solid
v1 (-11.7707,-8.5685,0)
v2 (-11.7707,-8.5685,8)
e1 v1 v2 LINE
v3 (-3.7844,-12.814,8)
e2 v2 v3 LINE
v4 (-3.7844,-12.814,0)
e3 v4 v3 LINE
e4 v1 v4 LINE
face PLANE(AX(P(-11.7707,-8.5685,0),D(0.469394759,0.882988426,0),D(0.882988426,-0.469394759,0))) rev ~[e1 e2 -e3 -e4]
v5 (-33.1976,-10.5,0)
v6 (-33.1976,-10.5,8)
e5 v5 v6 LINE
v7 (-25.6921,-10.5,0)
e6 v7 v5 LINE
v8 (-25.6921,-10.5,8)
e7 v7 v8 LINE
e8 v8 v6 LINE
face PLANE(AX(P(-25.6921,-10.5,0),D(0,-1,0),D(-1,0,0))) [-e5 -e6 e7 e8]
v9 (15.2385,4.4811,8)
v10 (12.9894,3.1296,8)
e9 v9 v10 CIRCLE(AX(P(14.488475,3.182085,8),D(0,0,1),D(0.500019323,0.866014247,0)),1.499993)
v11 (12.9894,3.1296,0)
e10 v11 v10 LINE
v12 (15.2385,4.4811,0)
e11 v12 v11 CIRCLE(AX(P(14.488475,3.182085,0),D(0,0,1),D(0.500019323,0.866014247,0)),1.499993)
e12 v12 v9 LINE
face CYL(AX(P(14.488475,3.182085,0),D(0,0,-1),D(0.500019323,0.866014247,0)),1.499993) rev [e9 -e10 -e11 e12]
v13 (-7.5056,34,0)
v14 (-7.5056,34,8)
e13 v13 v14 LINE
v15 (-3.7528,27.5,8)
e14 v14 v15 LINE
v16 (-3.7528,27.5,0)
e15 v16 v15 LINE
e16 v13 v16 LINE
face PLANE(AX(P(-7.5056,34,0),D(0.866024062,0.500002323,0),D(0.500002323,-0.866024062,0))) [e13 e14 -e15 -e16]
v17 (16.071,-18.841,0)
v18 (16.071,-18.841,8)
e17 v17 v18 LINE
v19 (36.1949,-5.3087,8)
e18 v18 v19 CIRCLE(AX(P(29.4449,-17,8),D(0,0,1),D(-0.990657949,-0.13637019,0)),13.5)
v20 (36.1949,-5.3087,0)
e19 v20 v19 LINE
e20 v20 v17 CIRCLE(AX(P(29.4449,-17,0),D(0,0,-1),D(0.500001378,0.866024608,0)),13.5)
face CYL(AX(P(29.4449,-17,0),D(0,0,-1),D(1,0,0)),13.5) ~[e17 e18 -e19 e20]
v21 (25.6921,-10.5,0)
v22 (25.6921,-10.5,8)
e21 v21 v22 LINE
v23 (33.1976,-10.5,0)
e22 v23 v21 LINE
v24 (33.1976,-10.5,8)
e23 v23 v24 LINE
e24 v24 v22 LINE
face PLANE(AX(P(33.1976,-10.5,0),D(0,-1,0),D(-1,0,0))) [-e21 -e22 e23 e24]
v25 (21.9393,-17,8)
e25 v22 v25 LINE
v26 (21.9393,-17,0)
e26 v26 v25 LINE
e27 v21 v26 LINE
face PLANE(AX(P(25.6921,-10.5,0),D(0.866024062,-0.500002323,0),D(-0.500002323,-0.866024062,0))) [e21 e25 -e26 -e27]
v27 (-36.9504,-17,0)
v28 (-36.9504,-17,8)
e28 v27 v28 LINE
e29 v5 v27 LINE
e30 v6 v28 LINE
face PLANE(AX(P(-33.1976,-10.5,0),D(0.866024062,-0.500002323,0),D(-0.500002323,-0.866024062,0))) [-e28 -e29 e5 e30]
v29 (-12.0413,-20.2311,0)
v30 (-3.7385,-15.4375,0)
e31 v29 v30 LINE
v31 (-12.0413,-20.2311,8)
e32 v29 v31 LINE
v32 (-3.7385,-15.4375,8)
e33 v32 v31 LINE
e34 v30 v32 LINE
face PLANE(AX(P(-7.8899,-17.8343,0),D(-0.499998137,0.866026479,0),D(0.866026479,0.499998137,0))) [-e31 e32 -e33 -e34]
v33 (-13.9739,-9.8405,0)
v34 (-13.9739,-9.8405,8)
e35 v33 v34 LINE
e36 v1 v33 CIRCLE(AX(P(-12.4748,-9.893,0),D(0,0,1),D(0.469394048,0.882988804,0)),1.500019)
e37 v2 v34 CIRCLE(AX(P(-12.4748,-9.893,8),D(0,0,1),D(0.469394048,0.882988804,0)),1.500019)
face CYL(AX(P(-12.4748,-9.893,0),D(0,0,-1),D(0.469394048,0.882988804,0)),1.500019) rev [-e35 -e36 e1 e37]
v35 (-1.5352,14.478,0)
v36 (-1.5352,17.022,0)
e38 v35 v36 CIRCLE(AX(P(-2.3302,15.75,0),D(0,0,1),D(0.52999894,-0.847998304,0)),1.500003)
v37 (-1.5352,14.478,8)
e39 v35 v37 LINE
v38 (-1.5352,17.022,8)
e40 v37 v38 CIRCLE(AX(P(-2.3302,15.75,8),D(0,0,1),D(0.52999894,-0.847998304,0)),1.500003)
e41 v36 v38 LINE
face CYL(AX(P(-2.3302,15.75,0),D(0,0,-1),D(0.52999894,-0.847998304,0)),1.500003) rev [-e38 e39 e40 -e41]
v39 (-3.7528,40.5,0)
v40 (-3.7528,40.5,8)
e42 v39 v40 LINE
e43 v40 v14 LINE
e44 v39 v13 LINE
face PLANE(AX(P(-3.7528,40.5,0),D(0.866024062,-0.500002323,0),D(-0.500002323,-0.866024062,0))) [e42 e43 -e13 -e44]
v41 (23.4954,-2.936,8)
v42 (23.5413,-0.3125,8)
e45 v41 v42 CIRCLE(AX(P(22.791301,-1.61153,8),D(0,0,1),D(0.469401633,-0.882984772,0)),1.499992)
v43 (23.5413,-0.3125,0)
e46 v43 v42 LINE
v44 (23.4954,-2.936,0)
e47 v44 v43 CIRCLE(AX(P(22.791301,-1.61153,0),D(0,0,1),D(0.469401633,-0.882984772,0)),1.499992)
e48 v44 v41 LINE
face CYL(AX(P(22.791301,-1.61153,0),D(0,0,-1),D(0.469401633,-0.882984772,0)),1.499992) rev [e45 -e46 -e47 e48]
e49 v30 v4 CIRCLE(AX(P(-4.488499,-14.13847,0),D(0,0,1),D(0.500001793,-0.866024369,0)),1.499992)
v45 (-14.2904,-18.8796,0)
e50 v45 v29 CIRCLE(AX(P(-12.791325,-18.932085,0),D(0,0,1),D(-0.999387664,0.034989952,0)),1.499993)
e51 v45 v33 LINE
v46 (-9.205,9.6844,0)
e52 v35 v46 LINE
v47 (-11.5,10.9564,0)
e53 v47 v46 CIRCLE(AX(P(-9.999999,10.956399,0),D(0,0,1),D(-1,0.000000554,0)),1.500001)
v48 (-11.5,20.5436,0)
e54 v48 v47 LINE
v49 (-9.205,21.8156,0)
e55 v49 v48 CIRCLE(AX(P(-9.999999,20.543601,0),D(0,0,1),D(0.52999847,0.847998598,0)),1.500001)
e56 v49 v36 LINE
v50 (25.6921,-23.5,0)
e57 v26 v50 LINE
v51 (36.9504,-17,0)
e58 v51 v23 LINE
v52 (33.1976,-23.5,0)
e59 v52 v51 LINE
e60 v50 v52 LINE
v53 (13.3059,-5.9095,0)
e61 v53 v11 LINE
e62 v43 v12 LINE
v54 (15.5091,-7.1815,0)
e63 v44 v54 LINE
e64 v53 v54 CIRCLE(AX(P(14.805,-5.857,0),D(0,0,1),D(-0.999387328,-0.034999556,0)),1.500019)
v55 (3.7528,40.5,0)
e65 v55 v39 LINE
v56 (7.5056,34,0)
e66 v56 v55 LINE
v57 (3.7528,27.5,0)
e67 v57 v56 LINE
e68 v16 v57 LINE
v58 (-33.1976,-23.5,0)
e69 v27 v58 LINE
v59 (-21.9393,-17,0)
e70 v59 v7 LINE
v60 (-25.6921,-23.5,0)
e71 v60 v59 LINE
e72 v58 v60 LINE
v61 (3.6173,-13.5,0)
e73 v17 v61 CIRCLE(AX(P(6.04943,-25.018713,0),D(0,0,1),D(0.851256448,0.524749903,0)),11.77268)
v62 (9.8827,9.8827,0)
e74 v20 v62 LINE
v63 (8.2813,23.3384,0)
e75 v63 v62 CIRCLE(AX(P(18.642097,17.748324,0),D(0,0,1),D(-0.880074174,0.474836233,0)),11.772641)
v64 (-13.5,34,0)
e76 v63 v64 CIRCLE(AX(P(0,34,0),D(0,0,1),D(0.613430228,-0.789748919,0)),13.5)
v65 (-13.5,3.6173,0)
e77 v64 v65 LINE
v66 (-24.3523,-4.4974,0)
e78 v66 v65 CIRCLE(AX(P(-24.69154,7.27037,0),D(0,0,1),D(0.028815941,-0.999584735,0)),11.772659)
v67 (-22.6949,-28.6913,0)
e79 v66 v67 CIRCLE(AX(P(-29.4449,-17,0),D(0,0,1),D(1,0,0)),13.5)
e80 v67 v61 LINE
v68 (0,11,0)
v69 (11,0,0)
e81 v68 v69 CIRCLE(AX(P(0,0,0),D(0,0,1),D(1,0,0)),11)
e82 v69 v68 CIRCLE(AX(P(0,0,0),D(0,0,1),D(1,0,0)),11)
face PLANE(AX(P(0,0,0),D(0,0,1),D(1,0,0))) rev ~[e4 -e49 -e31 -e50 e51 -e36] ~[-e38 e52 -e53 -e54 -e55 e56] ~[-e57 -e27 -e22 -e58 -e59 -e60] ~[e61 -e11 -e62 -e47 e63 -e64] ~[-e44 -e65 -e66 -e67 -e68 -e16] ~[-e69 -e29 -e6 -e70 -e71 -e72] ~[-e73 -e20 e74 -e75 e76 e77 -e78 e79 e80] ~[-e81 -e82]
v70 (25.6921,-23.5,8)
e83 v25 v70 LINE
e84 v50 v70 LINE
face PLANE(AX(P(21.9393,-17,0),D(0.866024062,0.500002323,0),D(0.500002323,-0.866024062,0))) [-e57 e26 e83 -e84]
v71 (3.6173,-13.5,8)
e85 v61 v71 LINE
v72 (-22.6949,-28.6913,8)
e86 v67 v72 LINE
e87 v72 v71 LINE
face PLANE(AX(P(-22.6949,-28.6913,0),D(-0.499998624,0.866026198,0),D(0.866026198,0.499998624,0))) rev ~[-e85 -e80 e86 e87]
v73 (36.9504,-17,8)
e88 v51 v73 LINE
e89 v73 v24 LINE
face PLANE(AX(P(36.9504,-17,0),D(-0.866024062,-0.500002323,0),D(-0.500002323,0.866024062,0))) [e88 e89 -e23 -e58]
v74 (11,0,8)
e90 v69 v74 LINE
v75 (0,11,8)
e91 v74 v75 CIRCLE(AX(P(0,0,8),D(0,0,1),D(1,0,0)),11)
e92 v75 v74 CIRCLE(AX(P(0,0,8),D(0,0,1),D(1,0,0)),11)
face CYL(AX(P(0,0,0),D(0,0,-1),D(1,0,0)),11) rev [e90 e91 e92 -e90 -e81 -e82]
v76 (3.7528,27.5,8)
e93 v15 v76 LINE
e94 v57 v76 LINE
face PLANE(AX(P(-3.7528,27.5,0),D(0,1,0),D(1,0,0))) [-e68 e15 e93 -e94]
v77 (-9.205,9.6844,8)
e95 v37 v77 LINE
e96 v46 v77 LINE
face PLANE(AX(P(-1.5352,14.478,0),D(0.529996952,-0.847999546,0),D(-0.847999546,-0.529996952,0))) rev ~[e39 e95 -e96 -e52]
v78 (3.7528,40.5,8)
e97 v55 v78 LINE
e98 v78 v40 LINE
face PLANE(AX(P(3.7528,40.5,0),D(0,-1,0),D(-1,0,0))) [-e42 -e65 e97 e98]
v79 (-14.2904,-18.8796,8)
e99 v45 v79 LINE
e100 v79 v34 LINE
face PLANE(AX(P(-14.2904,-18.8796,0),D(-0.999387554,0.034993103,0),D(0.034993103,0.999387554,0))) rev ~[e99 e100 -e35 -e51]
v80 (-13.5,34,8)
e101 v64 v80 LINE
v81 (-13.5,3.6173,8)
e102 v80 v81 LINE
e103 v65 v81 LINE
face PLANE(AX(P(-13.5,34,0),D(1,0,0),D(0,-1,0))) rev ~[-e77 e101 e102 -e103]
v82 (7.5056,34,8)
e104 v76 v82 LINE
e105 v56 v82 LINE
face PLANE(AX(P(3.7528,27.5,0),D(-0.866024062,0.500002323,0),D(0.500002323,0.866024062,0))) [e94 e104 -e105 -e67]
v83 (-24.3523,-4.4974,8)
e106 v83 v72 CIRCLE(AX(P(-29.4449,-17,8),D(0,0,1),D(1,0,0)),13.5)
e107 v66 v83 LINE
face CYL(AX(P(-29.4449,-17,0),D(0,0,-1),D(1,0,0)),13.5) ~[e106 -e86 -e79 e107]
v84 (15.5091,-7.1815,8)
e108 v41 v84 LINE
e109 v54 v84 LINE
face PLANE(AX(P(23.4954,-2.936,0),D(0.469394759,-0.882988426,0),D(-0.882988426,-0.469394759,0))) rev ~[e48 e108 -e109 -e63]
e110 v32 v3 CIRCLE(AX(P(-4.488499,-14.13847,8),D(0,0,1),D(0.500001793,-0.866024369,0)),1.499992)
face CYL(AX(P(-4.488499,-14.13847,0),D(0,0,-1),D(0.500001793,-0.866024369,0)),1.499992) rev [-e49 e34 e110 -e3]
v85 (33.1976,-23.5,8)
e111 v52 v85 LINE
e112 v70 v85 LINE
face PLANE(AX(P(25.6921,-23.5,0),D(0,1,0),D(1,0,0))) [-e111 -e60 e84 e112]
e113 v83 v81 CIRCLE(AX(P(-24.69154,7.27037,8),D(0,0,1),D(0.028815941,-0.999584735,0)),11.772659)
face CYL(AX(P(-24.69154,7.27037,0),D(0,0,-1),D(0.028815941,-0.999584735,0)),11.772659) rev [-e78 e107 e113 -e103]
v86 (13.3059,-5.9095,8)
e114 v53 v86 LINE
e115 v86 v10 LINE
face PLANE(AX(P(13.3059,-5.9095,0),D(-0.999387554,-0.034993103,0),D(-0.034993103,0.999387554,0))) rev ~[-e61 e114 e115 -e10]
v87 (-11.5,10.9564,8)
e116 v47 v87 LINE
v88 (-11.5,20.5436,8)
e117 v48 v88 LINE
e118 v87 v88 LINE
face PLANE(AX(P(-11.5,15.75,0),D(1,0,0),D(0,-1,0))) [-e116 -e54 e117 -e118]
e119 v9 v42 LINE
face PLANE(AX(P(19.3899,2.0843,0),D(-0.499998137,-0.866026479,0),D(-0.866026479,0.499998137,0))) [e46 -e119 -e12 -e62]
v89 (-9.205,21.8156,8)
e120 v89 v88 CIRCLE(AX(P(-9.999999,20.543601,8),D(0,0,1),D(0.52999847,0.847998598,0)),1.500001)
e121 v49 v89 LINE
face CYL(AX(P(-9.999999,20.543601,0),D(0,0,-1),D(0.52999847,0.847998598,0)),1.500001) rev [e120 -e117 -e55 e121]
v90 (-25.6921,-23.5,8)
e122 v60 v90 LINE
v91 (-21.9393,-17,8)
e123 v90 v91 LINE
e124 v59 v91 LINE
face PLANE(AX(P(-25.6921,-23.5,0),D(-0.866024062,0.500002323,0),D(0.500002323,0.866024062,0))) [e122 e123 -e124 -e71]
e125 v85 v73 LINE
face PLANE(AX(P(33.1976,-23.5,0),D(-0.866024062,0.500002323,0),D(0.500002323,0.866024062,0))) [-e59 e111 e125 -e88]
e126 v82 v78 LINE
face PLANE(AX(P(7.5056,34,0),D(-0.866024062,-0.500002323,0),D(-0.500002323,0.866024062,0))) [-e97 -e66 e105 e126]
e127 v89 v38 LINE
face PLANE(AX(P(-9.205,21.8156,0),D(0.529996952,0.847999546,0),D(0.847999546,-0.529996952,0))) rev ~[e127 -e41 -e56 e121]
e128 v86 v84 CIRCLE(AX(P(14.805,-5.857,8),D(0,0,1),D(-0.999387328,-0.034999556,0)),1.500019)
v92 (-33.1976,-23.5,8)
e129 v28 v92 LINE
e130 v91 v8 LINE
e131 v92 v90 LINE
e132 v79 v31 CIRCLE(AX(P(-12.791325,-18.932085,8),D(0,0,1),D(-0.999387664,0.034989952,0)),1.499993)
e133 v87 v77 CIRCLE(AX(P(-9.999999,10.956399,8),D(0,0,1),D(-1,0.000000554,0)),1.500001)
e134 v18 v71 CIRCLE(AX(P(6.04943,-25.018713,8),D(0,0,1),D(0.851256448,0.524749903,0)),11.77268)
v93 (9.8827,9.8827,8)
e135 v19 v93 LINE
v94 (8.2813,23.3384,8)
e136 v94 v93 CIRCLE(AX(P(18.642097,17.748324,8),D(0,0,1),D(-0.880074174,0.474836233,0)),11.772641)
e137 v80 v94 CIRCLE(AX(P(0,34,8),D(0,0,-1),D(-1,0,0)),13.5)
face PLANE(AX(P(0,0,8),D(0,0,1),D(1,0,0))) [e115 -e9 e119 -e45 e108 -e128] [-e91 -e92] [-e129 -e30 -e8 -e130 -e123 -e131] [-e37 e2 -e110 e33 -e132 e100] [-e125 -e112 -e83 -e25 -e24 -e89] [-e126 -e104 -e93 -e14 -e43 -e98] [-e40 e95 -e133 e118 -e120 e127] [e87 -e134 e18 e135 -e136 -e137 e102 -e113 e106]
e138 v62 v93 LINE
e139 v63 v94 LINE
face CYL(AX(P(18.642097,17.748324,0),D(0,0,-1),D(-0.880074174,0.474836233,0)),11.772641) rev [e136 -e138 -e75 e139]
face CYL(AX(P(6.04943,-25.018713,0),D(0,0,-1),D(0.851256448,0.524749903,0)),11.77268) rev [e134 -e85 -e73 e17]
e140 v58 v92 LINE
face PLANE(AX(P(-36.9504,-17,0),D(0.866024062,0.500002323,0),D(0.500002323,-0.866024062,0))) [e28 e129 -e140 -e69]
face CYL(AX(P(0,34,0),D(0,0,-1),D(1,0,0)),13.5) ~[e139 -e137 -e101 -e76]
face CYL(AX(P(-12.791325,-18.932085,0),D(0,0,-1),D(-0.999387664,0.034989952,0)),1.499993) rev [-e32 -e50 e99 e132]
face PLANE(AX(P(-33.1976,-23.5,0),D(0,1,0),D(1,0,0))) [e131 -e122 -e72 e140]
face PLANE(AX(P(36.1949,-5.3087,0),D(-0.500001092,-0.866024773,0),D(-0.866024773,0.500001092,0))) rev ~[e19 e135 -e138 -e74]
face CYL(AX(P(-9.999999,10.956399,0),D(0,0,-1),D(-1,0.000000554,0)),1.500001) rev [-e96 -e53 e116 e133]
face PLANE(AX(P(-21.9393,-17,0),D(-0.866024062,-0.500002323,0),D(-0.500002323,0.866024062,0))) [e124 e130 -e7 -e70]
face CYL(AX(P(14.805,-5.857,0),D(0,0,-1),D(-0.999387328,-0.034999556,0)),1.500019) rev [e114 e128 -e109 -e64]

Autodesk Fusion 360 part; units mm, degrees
sketch "Sketch1" plane through (0, 0, 0) normal (0, 0, 1) x (1, 0, 0)
  circle A0 centre (0, 0) radius 4
  circle A1 centre (0, 0) radius 11
  line L0 (3.7528, 27.5) -> (7.5056, 34)
  line L1 (7.5056, 34) -> (3.7528, 40.5)
  line L2 (3.7528, 40.5) -> (-3.7528, 40.5)
  line L3 (-3.7528, 40.5) -> (-7.5056, 34)
  line L4 (-7.5056, 34) -> (-3.7528, 27.5)
  line L5 (-3.7528, 27.5) -> (3.7528, 27.5)
  line L6 (0, 0) -> (0, -80) construction
  circle A2 centre (0, 0) radius 48 construction
  circle A3 centre (0, 34) radius 13.5
  line L7 (-13.5, 34) -> (-13.5, 3.6173)
  arc A4 (8.2813, 23.3384) -> (9.8827, 9.8827) centre (18.6421, 17.7483) ccw
  line L8 (-22.6949, -28.6913) -> (3.6173, -13.5)
  circle A5 centre (-29.4449, -17) radius 13.5
  line L9 (-36.9504, -17) -> (-33.1976, -23.5)
  line L10 (-33.1976, -23.5) -> (-25.6921, -23.5)
  line L11 (-25.6921, -23.5) -> (-21.9393, -17)
  line L12 (-21.9393, -17) -> (-25.6921, -10.5)
  line L13 (-33.1976, -10.5) -> (-36.9504, -17)
  line L14 (-25.6921, -10.5) -> (-33.1976, -10.5)
  arc A6 (-24.3523, -4.4974) -> (-13.5, 3.6173) centre (-24.6915, 7.2704) ccw
  line L15 (36.1949, -5.3087) -> (9.8827, 9.8827)
  circle A7 centre (29.4449, -17) radius 13.5
  line L16 (33.1976, -23.5) -> (36.9504, -17)
  line L17 (36.9504, -17) -> (33.1976, -10.5)
  line L18 (33.1976, -10.5) -> (25.6921, -10.5)
  line L19 (25.6921, -10.5) -> (21.9393, -17)
  line L20 (25.6921, -23.5) -> (33.1976, -23.5)
  line L21 (21.9393, -17) -> (25.6921, -23.5)
  arc A8 (16.071, -18.841) -> (3.6173, -13.5) centre (6.0494, -25.0187) ccw
  line L22 (0, 11) -> (0, 20.5)
  line L23 (-11.5, 15.75) -> (-11.5, 20.5436)
  line L24 (-11.5, 15.75) -> (-11.5, 10.9564)
  line L25 (-9.205, 21.8156) -> (-1.5352, 17.022)
  line L26 (-1.5352, 14.478) -> (-9.205, 9.6844)
  arc A9 (-9.205, 21.8156) -> (-11.5, 20.5436) centre (-10, 20.5436) ccw
  arc A10 (-1.5352, 14.478) -> (-1.5352, 17.022) centre (-2.3302, 15.75) ccw
  arc A11 (-11.5, 10.9564) -> (-9.205, 9.6844) centre (-10, 10.9564) ccw
  arc A12 (-3.7385, -15.4375) -> (-3.7844, -12.814) centre (-4.4885, -14.1384) ccw
  line L27 (-7.8899, -17.8343) -> (-3.7385, -15.4375)
  line L28 (-7.8899, -17.8343) -> (-12.0413, -20.2311)
  arc A13 (-14.2904, -18.8796) -> (-12.0413, -20.2311) centre (-12.7913, -18.9321) ccw
  line L29 (-14.2904, -18.8796) -> (-13.9739, -9.8405)
  arc A14 (-11.7707, -8.5685) -> (-13.9739, -9.8405) centre (-12.4748, -9.893) ccw
  line L30 (-11.7707, -8.5685) -> (-3.7844, -12.814)
  arc A15 (15.2385, 4.4811) -> (12.9894, 3.1296) centre (14.4885, 3.1821) ccw
  line L31 (19.3899, 2.0843) -> (15.2385, 4.4811)
  line L32 (19.3899, 2.0843) -> (23.5413, -0.3125)
  arc A16 (23.4954, -2.936) -> (23.5413, -0.3125) centre (22.7913, -1.6116) ccw
  line L33 (23.4954, -2.936) -> (15.5091, -7.1815)
  arc A17 (13.3059, -5.9095) -> (15.5091, -7.1815) centre (14.805, -5.857) ccw
  line L34 (13.3059, -5.9095) -> (12.9894, 3.1296)
  point P0 (0, 36)
  point P1 (-11.5, 23.25)
  point P2 (-11.5, 8.25)
  point P3 (0.5, 15.75)
  dimension "d25" = 13.5
  dimension "d46" = 22
  dimension "d47" = 96
  dimension "d51" = 12
  dimension "d52" = 1.5
  dimension "d53" = 1.5
  dimension "d54" = 1.5
  dimension "d56" = 360
extrude "Extrude1" add sketch "Sketch1" along normal blind 8 contours A3 L7 A4 L8 A5 A6 L15 A7 A8 | A3 | A5 | A7 makes body 1
copy_body "Body->Comp1" bodies 1 removing the originals makes body 2 in component "Component"
component "Component" placed x (1, 0, 0) y (0, 1, 0) z (0, 0, 1) at (0, 0, 0)
